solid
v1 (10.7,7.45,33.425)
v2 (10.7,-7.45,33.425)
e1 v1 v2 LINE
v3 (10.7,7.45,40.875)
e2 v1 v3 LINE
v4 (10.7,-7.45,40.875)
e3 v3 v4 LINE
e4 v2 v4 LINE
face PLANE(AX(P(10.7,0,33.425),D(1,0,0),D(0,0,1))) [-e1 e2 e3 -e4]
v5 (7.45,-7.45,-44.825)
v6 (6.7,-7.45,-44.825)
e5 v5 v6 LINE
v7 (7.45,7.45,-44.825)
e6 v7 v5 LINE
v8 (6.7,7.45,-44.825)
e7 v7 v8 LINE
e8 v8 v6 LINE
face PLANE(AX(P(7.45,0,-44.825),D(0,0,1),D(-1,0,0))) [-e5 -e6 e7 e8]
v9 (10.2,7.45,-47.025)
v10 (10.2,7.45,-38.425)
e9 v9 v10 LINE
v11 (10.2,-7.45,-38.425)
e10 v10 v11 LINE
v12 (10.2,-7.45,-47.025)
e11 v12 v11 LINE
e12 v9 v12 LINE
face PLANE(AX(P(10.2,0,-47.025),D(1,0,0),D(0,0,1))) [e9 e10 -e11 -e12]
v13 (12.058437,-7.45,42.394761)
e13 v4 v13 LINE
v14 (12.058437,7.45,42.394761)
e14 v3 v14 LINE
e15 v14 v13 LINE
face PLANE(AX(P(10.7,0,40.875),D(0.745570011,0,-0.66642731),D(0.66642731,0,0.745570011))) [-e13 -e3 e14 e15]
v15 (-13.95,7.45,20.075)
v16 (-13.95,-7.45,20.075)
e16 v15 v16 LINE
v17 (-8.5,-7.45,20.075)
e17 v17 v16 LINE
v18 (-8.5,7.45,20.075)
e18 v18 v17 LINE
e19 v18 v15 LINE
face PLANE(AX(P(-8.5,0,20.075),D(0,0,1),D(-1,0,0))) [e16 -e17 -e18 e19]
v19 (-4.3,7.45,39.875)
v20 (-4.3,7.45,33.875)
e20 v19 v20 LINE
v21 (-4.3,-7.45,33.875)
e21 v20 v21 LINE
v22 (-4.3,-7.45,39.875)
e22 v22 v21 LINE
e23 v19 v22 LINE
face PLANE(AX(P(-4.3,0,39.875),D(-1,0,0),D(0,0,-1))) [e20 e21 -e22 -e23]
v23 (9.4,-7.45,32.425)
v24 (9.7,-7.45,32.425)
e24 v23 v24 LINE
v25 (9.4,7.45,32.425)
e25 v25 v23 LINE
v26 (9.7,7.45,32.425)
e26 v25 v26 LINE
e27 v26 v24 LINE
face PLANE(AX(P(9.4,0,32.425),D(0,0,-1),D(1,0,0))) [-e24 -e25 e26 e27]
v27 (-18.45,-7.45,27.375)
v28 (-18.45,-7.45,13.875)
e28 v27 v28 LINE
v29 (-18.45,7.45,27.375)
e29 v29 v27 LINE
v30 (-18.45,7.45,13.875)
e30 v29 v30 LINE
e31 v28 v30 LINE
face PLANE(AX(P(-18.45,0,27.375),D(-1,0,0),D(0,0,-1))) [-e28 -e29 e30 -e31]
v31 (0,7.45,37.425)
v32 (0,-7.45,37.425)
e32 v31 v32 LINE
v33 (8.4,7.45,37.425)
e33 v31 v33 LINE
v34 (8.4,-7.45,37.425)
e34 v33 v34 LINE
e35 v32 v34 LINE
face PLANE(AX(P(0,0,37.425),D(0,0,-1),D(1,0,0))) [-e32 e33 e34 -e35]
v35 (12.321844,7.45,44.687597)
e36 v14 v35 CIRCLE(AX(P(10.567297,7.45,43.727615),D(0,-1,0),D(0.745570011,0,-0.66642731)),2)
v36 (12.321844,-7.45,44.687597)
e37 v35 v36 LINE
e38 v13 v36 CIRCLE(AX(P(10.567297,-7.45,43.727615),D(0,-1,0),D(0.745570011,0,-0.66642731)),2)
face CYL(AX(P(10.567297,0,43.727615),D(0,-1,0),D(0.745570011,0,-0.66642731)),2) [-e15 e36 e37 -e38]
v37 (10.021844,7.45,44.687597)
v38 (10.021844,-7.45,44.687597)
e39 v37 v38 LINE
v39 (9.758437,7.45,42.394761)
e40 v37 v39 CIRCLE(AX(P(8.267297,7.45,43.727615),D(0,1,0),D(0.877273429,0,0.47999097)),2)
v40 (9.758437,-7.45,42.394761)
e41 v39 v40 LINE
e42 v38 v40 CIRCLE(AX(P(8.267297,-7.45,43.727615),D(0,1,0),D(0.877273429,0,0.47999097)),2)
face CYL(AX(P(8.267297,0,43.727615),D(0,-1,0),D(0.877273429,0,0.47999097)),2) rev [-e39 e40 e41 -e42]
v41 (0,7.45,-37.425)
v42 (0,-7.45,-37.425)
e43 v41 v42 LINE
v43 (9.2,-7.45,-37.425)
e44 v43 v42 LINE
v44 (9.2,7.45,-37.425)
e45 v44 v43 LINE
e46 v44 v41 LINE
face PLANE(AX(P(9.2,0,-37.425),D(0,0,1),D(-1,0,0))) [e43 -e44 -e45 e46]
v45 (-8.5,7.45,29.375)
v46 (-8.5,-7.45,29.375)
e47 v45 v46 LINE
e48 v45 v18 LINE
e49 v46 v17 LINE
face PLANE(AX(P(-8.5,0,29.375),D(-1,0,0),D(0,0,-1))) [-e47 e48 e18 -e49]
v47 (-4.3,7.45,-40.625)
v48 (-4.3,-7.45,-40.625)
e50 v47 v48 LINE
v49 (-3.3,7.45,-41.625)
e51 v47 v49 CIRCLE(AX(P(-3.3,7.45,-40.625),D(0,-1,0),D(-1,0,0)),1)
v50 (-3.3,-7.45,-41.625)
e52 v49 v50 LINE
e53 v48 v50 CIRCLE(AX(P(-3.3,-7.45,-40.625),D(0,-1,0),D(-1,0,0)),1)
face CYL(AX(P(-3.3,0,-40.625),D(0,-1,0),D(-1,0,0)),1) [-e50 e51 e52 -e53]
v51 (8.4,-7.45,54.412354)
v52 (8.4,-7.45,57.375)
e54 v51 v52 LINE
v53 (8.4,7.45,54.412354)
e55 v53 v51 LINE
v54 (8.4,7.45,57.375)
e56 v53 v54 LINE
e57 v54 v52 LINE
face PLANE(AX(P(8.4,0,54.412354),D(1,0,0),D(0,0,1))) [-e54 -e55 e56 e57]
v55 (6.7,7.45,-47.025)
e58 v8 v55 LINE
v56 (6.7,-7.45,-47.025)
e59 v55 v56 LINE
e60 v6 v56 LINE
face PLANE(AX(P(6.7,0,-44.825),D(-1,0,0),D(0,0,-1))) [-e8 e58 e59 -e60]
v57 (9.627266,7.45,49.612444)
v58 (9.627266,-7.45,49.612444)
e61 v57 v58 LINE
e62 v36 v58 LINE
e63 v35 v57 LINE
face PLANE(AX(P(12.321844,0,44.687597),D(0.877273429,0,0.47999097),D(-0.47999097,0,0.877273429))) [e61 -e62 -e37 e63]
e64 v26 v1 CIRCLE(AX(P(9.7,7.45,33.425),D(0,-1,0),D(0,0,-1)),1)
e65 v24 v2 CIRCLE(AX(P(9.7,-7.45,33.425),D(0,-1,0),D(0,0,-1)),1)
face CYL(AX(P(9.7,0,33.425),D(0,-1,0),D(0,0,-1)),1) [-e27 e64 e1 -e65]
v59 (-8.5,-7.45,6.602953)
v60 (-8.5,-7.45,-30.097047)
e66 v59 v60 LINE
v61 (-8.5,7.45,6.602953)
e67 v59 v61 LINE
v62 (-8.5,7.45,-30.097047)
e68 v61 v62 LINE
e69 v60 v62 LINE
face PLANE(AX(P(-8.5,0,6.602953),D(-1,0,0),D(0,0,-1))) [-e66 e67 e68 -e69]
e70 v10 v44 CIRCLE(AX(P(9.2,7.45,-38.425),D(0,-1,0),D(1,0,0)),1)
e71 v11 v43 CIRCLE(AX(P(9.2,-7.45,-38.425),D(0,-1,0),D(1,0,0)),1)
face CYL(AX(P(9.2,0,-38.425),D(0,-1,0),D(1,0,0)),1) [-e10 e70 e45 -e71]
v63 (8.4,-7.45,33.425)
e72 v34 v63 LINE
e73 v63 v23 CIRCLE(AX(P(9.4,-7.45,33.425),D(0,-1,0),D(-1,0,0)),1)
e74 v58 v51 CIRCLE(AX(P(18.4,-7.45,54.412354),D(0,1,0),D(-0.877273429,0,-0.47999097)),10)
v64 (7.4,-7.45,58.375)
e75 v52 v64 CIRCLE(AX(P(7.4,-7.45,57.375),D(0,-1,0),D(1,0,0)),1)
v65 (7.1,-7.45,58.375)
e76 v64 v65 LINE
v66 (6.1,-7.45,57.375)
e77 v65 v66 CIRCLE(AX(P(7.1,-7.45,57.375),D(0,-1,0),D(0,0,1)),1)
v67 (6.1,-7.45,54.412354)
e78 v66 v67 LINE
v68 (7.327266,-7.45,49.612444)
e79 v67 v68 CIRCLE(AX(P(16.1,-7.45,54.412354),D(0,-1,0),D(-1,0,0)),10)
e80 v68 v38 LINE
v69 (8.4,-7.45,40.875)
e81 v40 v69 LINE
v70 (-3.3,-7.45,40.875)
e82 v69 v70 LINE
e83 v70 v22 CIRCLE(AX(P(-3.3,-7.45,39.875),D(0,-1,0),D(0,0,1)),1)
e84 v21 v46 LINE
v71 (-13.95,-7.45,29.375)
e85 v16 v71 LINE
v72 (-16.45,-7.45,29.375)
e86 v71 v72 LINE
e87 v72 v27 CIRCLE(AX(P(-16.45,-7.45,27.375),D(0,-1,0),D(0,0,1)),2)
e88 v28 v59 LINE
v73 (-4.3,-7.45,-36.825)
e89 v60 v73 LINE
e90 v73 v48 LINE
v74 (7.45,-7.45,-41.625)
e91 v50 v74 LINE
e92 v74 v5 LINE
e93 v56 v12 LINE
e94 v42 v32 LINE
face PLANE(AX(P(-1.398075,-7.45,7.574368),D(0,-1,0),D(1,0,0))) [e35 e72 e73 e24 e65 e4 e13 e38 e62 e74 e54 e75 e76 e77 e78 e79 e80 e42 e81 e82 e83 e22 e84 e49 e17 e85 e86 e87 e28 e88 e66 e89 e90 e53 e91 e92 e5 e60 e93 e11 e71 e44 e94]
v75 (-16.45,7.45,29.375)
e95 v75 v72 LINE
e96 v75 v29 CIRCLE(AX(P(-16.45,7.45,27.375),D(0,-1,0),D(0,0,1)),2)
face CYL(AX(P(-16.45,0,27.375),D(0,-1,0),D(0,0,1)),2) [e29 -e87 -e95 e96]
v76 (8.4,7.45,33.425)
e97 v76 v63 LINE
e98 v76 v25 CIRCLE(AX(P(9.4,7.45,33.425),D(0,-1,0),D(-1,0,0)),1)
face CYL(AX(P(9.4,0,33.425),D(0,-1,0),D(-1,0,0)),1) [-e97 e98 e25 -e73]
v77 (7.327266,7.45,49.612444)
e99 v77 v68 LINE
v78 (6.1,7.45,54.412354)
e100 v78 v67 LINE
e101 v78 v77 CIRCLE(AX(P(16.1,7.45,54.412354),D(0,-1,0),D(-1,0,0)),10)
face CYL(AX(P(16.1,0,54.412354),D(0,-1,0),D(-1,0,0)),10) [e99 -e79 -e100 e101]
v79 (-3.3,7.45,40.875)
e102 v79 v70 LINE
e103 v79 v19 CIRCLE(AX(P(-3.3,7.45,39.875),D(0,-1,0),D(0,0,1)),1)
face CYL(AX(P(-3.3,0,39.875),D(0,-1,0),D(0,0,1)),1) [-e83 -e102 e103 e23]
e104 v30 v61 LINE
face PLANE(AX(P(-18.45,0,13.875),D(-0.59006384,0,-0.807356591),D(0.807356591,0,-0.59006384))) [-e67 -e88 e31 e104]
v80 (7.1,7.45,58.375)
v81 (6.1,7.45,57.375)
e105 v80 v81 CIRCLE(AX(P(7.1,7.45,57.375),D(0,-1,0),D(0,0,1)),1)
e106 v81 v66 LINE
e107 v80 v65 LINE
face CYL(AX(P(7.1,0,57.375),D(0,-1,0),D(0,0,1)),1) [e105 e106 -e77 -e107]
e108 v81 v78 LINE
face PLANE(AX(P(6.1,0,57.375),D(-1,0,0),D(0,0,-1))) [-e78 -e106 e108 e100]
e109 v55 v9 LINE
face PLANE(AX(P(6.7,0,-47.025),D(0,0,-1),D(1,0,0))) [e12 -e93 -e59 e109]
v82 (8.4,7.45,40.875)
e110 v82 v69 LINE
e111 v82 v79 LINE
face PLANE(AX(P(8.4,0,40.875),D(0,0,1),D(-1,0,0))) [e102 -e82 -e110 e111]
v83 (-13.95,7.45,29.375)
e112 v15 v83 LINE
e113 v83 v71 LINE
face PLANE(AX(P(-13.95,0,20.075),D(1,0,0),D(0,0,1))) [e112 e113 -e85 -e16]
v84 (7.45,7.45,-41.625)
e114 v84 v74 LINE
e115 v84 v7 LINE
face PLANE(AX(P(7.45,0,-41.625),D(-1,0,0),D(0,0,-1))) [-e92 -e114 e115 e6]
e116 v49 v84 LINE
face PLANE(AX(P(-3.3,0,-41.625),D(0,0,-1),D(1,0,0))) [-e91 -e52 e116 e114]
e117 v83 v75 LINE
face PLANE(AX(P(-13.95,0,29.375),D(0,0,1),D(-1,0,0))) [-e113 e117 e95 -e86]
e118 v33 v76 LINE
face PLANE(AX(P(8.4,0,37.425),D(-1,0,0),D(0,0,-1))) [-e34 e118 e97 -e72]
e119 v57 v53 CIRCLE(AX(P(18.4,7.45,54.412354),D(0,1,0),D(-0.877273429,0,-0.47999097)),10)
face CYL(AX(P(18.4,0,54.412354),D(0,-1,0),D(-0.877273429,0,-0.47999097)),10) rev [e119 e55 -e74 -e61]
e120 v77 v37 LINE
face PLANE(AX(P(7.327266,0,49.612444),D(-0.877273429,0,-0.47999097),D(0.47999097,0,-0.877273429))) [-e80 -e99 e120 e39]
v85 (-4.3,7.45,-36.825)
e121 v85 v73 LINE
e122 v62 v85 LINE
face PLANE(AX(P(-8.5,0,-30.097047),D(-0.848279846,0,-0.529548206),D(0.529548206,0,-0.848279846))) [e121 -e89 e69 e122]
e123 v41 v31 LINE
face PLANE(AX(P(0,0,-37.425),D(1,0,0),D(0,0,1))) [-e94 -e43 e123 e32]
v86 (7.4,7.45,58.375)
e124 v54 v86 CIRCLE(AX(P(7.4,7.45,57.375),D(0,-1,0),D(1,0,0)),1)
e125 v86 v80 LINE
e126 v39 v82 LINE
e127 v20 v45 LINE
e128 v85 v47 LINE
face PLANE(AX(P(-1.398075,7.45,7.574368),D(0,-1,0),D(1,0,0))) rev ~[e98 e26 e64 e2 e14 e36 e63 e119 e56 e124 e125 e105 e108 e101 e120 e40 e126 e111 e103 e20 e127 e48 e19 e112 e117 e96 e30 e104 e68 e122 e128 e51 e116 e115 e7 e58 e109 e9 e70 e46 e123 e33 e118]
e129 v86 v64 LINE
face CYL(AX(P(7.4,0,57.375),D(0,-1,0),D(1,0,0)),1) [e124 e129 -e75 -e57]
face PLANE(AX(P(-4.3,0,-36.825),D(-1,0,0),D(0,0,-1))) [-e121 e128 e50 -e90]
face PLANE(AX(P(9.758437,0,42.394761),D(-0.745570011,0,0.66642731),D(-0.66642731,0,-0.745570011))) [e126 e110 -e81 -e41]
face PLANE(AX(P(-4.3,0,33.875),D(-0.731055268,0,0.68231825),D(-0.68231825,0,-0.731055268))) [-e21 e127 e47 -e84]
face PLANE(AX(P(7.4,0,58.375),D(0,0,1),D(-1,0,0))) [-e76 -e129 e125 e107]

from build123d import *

# Parameters (mm, degrees)
F1_DEPTH = 7.45


with BuildPart() as f1:
    # F0 (on Front) → F1 (new body, symmetric)
    with BuildSketch(Plane.XZ):
        with BuildLine():
            Line((-8.5, -30.0970471648), (-4.3, -36.825))
            Line((-4.3, -36.825), (-4.3, -40.625))
            ThreePointArc((-4.3, -40.625), (-4.0071067812, -41.3321067812), (-3.3, -41.625))
            Line((-3.3, -41.625), (7.45, -41.625))
            Line((7.45, -41.625), (7.45, -44.825))
            Line((7.45, -44.825), (6.7, -44.825))
            Line((6.7, -44.825), (6.7, -47.025))
            Line((6.7, -47.025), (10.2, -47.025))
            Line((10.2, -47.025), (10.2, -38.425))
            ThreePointArc((10.2, -38.425), (9.9071067812, -37.7178932188), (9.2, -37.425))
            Line((9.2, -37.425), (0, -37.425))
            Line((0, -37.425), (0, 37.425))
            Line((0, 37.425), (8.4, 37.425))
            Line((8.4, 37.425), (8.4, 33.425))
            ThreePointArc((8.4, 33.425), (8.6928932188, 32.7178932188), (9.4, 32.425))
            Line((9.4, 32.425), (9.7, 32.425))
            ThreePointArc((9.7, 32.425), (10.4071067812, 32.7178932188), (10.7, 33.425))
            Line((10.7, 33.425), (10.7, 40.875))
            Line((10.7, 40.875), (12.0584372697, 42.3947607825))
            ThreePointArc((12.0584372697, 42.3947607825), (12.5542284753, 43.4993517405), (12.3218441058, 44.6875973417))
            Line((12.3218441058, 44.6875973417), (9.6272657122, 49.6124442137))
            ThreePointArc((9.6272657122, 49.6124442137), (8.7116734449, 51.9351925206), (8.4, 54.4123539124))
            Line((8.4, 54.4123539124), (8.4, 57.375))
            ThreePointArc((8.4, 57.375), (8.1071067812, 58.0821067812), (7.4, 58.375))
            Line((7.4, 58.375), (7.1, 58.375))
            ThreePointArc((7.1, 58.375), (6.3928932188, 58.0821067812), (6.1, 57.375))
            Line((6.1, 57.375), (6.1, 54.4123539124))
            ThreePointArc((6.1, 54.4123539124), (6.4116734449, 51.9351925206), (7.3272657122, 49.6124442137))
            Line((7.3272657122, 49.6124442137), (10.0218441058, 44.6875973417))
            ThreePointArc((10.0218441058, 44.6875973417), (10.2542284753, 43.4993517405), (9.7584372697, 42.3947607825))
            Line((9.7584372697, 42.3947607825), (8.4, 40.875))
            Line((8.4, 40.875), (-3.3, 40.875))
            ThreePointArc((-3.3, 40.875), (-4.0071067812, 40.5821067812), (-4.3, 39.875))
            Line((-4.3, 39.875), (-4.3, 33.875))
            Line((-4.3, 33.875), (-8.5, 29.375))
            Line((-8.5, 29.375), (-8.5, 20.075))
            Line((-8.5, 20.075), (-13.95, 20.075))
            Line((-13.95, 20.075), (-13.95, 29.375))
            Line((-13.95, 29.375), (-16.45, 29.375))
            ThreePointArc((-16.45, 29.375), (-17.8642135624, 28.7892135624), (-18.45, 27.375))
            Line((-18.45, 27.375), (-18.45, 13.875))
            Line((-18.45, 13.875), (-8.5, 6.6029528352))
            Line((-8.5, 6.6029528352), (-8.5, -30.0970471648))
        make_face()
    extrude(amount=F1_DEPTH, both=True)


solid = f1.part
